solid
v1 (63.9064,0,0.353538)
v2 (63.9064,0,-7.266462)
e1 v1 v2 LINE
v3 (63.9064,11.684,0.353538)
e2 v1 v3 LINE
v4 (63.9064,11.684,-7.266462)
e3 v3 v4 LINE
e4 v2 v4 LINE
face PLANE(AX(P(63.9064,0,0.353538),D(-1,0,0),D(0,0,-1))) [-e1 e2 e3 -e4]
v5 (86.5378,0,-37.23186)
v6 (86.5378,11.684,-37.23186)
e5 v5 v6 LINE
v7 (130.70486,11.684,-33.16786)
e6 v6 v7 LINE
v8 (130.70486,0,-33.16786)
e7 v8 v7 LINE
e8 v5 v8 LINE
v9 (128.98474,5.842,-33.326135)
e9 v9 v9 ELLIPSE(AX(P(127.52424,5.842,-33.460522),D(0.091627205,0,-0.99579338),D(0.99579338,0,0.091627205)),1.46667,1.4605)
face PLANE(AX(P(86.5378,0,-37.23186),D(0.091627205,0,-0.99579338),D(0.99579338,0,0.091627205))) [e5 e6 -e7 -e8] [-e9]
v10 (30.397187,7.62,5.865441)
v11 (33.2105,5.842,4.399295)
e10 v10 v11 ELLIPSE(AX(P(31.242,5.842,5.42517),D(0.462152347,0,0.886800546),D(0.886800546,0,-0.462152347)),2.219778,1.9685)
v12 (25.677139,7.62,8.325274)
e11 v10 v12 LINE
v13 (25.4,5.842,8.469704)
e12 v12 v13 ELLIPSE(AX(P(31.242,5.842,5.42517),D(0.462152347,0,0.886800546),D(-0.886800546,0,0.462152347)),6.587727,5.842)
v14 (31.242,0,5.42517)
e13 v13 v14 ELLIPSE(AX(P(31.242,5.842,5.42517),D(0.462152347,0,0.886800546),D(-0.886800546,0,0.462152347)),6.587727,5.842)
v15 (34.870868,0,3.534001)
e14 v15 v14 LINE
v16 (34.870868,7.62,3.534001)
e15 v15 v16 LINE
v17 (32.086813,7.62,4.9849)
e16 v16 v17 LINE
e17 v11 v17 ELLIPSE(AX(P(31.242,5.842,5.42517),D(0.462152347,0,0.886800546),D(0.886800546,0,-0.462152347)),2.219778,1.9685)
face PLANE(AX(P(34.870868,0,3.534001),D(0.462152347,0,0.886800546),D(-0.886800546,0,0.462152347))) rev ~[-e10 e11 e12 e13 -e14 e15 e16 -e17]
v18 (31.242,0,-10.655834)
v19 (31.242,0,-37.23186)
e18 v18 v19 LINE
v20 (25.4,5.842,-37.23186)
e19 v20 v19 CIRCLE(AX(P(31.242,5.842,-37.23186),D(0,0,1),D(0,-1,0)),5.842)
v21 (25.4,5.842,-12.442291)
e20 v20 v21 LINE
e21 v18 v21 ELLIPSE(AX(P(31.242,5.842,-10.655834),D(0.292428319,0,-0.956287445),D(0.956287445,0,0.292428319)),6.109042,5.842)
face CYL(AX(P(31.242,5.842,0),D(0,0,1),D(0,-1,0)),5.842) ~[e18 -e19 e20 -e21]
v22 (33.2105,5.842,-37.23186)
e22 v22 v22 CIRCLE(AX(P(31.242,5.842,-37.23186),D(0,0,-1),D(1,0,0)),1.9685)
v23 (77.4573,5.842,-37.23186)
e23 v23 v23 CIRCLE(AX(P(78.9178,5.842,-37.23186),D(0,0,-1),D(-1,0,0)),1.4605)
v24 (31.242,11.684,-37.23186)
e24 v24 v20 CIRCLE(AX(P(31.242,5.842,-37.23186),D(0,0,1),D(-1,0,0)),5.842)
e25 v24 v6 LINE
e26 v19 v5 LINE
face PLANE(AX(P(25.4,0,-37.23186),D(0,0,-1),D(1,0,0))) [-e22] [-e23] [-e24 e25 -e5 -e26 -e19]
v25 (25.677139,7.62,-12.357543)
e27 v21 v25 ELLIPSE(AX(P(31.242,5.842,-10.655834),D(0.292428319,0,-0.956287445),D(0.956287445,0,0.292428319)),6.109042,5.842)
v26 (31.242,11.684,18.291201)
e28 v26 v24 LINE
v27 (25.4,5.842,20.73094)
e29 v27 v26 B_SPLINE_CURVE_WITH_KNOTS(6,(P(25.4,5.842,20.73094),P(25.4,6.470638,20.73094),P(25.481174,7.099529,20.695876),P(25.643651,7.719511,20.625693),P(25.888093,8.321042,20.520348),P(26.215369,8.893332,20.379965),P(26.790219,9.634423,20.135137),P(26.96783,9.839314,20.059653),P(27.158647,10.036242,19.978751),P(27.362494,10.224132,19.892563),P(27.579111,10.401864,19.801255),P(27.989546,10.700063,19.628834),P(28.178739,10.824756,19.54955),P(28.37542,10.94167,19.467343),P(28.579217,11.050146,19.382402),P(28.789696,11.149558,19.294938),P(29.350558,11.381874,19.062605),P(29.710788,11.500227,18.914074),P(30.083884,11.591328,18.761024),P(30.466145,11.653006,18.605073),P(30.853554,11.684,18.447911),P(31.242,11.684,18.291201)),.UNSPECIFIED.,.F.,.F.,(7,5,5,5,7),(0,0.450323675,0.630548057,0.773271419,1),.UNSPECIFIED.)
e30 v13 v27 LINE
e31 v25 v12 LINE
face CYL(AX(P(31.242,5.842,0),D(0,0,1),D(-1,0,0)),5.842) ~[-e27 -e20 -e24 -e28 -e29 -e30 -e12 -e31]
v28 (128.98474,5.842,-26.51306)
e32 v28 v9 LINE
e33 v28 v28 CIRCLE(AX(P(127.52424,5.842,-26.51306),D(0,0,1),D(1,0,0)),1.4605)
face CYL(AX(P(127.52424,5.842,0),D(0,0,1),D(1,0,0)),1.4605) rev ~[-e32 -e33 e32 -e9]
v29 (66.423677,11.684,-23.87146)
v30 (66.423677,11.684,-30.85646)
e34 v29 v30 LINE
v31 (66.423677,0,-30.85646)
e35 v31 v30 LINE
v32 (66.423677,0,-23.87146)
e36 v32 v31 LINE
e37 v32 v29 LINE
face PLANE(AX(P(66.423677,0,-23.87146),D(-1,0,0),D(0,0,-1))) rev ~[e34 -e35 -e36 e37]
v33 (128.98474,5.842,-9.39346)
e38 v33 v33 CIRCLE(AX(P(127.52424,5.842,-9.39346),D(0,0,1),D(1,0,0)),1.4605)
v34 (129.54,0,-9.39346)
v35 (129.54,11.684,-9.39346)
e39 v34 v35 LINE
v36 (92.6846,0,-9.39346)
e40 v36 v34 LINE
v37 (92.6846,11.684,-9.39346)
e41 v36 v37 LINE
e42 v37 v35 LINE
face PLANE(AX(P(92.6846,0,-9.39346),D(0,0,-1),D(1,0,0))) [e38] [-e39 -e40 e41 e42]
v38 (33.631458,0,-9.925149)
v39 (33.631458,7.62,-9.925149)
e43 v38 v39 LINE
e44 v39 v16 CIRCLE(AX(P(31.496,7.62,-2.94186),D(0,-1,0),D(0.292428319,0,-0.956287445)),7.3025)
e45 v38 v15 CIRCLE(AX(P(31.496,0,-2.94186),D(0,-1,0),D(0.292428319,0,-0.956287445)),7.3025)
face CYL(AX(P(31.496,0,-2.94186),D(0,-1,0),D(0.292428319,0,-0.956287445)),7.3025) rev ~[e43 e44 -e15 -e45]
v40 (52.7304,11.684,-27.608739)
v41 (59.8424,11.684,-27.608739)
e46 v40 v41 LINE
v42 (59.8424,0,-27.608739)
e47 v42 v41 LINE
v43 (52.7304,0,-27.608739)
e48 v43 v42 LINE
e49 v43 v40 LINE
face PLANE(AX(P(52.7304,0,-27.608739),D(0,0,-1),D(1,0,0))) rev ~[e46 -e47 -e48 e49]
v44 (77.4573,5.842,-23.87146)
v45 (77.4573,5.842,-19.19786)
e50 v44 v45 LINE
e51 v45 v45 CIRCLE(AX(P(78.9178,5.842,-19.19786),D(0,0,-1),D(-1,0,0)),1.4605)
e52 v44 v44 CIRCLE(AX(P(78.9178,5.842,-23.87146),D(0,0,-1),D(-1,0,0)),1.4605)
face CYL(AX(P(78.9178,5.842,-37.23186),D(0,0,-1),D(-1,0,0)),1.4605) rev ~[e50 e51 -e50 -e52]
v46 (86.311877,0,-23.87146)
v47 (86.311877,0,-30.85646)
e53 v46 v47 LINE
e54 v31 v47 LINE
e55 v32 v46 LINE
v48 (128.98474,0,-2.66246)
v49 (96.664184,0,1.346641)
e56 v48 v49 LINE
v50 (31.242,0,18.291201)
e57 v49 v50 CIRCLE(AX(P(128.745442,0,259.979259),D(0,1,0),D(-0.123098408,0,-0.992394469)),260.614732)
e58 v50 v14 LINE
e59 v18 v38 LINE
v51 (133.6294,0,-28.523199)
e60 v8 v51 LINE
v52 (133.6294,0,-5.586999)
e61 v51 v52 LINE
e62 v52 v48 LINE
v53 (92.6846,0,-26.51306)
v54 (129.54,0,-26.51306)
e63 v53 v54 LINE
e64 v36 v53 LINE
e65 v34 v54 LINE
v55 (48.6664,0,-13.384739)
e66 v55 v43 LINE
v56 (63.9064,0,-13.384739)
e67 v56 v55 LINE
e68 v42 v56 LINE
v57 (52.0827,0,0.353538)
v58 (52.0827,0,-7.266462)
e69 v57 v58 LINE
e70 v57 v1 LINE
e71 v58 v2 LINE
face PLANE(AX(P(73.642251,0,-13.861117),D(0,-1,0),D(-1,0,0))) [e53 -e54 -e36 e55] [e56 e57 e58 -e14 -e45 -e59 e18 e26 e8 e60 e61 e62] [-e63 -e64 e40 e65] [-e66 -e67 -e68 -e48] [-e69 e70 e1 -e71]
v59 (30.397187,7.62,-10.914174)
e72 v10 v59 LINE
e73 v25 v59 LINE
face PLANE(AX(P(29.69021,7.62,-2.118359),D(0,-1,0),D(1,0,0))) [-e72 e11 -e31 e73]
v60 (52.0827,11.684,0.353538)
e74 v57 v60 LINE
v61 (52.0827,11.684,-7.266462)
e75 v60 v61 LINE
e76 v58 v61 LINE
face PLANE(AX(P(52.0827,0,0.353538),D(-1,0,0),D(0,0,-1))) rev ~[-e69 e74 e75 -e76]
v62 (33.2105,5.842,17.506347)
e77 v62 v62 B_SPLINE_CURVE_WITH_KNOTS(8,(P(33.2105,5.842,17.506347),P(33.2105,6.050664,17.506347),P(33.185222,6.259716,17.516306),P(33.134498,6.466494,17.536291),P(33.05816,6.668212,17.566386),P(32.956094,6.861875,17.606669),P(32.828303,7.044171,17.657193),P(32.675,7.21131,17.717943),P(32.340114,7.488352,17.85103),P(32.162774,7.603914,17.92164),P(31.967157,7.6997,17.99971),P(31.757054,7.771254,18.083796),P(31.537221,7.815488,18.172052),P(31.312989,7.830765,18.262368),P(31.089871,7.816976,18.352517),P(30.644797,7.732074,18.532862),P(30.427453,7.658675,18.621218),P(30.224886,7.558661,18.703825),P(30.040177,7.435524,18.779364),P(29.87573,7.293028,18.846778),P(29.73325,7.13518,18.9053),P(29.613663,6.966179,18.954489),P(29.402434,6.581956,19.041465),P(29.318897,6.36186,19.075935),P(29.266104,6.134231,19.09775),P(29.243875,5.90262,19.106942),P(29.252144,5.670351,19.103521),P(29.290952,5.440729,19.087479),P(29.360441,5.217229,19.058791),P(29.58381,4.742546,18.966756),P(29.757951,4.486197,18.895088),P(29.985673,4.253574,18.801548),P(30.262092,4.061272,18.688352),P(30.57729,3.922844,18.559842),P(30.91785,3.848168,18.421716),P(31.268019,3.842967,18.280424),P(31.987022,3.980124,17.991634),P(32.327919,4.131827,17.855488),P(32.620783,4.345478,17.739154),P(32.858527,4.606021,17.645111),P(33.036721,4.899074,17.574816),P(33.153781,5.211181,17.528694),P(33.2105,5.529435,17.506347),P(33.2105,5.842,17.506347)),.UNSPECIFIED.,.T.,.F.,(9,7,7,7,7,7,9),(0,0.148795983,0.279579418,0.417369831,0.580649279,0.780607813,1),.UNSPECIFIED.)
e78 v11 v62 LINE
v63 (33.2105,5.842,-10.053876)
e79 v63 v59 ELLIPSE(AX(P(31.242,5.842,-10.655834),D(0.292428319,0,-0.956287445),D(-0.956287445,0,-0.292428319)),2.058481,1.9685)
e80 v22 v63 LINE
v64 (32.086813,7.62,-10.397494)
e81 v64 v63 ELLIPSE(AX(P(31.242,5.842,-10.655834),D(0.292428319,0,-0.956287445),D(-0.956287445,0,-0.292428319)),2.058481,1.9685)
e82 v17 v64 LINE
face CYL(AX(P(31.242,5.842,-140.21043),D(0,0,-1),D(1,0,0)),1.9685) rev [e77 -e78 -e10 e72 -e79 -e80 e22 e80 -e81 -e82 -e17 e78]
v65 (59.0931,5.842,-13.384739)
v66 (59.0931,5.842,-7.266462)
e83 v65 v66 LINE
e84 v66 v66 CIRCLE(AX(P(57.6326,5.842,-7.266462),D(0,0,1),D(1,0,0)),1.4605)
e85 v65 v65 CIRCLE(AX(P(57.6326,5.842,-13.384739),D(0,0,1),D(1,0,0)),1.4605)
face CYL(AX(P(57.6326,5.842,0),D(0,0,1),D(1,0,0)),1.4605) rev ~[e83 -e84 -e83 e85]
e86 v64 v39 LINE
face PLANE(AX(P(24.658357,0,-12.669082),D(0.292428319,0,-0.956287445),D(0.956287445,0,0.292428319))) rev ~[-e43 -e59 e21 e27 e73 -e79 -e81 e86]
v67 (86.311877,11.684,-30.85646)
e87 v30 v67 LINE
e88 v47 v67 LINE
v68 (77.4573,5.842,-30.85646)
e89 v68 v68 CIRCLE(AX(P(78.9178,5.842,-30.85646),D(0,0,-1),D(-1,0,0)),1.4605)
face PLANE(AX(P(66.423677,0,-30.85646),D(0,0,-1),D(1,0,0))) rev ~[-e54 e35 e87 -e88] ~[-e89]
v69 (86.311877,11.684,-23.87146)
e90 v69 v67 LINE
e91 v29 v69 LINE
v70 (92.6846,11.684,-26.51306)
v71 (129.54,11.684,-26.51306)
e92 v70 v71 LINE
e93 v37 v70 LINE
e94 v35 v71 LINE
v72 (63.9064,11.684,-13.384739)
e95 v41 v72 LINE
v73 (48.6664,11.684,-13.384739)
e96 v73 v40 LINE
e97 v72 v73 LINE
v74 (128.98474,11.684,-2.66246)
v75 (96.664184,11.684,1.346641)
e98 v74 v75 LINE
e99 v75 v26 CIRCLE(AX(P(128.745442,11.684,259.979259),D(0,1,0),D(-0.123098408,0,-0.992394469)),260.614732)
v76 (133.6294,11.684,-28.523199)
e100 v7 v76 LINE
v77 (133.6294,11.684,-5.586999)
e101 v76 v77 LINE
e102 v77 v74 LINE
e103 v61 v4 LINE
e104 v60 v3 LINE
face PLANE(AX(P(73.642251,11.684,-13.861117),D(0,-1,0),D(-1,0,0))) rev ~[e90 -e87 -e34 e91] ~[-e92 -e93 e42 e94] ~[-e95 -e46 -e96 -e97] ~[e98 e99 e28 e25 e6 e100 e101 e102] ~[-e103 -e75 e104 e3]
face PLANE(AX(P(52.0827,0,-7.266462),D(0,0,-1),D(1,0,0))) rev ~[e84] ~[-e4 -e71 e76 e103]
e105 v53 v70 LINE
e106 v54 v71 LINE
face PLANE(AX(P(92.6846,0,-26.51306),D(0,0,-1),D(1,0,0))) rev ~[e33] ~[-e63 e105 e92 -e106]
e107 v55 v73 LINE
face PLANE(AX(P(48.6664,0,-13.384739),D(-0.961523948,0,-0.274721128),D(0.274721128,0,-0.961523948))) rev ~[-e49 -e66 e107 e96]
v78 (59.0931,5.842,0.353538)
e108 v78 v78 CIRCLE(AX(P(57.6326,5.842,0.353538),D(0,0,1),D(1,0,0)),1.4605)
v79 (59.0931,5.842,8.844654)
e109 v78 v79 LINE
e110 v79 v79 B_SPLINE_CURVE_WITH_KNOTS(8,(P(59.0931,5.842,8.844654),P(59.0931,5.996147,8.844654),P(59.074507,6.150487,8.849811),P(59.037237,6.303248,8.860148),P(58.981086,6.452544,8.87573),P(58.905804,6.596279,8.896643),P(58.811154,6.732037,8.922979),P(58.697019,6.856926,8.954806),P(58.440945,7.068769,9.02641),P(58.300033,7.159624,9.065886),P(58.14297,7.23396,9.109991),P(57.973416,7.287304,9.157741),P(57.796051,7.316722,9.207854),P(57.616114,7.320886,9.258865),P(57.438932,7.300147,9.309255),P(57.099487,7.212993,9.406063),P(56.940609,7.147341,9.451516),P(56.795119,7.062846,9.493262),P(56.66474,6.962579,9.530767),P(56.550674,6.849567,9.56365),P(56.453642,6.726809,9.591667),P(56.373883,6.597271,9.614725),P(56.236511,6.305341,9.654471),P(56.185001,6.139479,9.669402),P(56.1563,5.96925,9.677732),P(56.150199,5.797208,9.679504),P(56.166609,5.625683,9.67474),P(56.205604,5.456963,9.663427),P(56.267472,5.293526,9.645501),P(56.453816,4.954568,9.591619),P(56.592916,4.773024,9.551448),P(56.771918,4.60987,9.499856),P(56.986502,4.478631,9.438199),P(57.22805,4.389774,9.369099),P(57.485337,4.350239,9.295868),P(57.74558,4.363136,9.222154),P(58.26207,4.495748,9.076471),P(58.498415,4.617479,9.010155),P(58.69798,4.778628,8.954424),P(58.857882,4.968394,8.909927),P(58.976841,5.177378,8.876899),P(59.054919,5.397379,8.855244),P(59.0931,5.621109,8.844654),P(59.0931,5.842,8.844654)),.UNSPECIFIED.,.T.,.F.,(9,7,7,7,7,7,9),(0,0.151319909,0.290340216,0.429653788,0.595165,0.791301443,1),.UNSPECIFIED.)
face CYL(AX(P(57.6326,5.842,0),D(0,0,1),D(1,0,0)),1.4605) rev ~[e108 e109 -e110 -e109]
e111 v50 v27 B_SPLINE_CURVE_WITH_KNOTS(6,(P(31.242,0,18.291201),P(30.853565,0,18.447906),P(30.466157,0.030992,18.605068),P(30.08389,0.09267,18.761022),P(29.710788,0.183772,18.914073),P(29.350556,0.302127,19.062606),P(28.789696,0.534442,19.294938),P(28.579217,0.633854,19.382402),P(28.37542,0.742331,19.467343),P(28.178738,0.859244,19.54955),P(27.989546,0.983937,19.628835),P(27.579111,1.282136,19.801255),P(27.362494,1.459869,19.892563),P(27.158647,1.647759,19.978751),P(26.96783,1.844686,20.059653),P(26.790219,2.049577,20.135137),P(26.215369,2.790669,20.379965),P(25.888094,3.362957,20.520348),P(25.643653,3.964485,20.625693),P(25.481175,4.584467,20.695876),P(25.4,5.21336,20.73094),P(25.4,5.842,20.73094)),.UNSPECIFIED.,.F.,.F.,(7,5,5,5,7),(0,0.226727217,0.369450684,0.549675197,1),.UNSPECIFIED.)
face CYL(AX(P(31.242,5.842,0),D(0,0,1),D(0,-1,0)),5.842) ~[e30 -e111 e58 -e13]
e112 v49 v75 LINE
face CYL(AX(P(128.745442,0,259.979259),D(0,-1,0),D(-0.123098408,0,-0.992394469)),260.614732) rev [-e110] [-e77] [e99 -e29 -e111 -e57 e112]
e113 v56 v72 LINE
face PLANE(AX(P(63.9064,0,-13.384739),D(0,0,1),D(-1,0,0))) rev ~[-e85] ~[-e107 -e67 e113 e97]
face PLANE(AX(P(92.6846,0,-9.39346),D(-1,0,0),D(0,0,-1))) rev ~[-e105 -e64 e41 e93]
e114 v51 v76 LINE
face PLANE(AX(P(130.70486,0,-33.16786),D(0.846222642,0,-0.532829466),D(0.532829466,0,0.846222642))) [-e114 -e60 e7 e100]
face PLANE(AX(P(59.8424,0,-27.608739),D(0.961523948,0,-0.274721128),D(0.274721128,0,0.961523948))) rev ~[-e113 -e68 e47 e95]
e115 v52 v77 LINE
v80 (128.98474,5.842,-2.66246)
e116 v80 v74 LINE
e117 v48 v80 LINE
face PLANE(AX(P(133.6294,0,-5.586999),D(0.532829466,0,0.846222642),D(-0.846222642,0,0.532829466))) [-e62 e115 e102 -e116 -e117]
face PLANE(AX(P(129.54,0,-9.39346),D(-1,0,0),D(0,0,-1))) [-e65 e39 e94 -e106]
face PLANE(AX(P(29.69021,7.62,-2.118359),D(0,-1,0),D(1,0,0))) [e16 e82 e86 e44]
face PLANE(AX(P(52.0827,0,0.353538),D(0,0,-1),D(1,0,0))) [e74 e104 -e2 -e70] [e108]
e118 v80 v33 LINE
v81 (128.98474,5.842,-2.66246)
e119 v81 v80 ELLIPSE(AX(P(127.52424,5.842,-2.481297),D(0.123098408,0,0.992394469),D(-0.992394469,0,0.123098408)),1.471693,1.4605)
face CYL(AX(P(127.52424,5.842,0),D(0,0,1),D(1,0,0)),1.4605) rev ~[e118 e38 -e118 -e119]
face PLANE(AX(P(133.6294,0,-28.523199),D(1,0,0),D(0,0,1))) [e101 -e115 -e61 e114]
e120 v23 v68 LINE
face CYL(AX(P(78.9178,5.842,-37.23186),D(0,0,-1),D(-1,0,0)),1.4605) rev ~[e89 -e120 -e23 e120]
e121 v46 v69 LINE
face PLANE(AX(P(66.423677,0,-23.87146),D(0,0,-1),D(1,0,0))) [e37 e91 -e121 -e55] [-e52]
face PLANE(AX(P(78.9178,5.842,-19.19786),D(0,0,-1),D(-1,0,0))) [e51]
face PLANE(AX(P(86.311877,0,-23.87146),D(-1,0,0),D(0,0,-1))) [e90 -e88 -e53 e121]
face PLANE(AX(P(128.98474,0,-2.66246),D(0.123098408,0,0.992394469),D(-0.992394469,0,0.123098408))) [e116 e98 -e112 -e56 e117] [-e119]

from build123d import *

# Parameters (mm, degrees)
SKETCH1_W                = 36.8554
SKETCH1_H                = 17.1196
SKETCH1_W_2              = 19.8882
SKETCH1_H_2              = 6.985
SKETCH1_W_3              = 11.8237
SKETCH1_H_3              = 7.62
BOSS_EXTRUDE1_DEPTH      = 11.684
BOSS_EXTRUDE1_2_DEPTH    = 11.684
SKETCH3_R                = 1.4605
CUT_EXTRUDE8_DEPTH       = 140.210429827
SKETCH4_R                = 1.4605
CUT_EXTRUDE9_DEPTH       = 18.034
CUT_EXTRUDE11_DEPTH      = 38.1
SKETCH6_R                = 1.4605
CUT_EXTRUDE12_DEPTH      = 16.3195
CUT_EXTRUDE13_DEPTH      = 140.210429862
CUT_EXTRUDE13_DEPTH_BACK = 140.210429862
SKETCH7_R                = 1.9685
CUT_EXTRUDE14_DEPTH      = 7.62


with BuildPart() as part:
    # Sketch1 → Boss-Extrude1 (new body)
    with BuildSketch(Plane(origin=(0, 0, 0), x_dir=(1, 0, 0), z_dir=(0, 1, 0))):
        with BuildLine():
            Line((-25.4, 37.231859639), (-67.6656, 37.231859639))
            Line((-67.6656, 37.231859639), (-86.5378, 37.231859639))
            Line((-86.5378, 37.231859639), (-130.704860186, 33.167859639))
            Line((-130.704860186, 33.167859639), (-133.6294, 28.523199453))
            Line((-133.6294, 28.523199453), (-133.6294, 5.586999453))
            Line((-133.6294, 5.586999453), (-128.984739814, 2.662459639))
            Line((-128.984739814, 2.662459639), (-96.664183529, -1.34664073))
            ThreePointArc((-96.664183529, -1.34664073), (-60.341965715, -8.501620237), (-25.4, -20.730940361))
            Line((-25.4, -20.730940361), (-25.4, 37.231859639))
        make_face()
        with Locations((-111.1123, 17.953259639)):
            Rectangle(SKETCH1_W, SKETCH1_H, mode=Mode.SUBTRACT)
        with Locations((-76.367777447, 27.363959639)):
            Rectangle(SKETCH1_W_2, SKETCH1_H_2, mode=Mode.SUBTRACT)
        with Locations((-57.99455, 3.456462042)):
            Rectangle(SKETCH1_W_3, SKETCH1_H_3, mode=Mode.SUBTRACT)
        Polygon((-63.9064, 13.384739375), (-48.6664, 13.384739375), (-52.7304, 27.608739375), (-59.8424, 27.608739375), align=None, mode=Mode.SUBTRACT)
    extrude(amount=BOSS_EXTRUDE1_DEPTH)


with BuildPart() as body_2:
    # Sketch1 → Boss-Extrude1 2 (new body)
    with BuildSketch(Plane(origin=(0, 0, 0), x_dir=(1, 0, 0), z_dir=(0, 1, 0))):
        with BuildLine():
            Line((25.4, -20.730940361), (25.4, 37.231859639))
            Line((25.4, 37.231859639), (67.6656, 37.231859639))
            Line((67.6656, 37.231859639), (86.5378, 37.231859639))
            Line((86.5378, 37.231859639), (130.704860186, 33.167859639))
            Line((130.704860186, 33.167859639), (133.6294, 28.523199453))
            Line((133.6294, 28.523199453), (133.6294, 5.586999453))
            Line((133.6294, 5.586999453), (128.984739814, 2.662459639))
            Line((128.984739814, 2.662459639), (96.664183529, -1.34664073))
            ThreePointArc((96.664183529, -1.34664073), (60.341965715, -8.501620237), (25.4, -20.730940361))
        make_face()
        Polygon((59.8424, 27.608739375), (63.9064, 13.384739375), (48.6664, 13.384739375), (52.7304, 27.608739375), align=None, mode=Mode.SUBTRACT)
        with Locations((57.99455, 3.456462042)):
            Rectangle(SKETCH1_W_3, SKETCH1_H_3, mode=Mode.SUBTRACT)
        with Locations((76.367777447, 27.363959639)):
            Rectangle(SKETCH1_W_2, SKETCH1_H_2, mode=Mode.SUBTRACT)
        with Locations((111.1123, 17.953259639)):
            Rectangle(SKETCH1_W, SKETCH1_H, mode=Mode.SUBTRACT)
    extrude(amount=BOSS_EXTRUDE1_2_DEPTH)


with BuildPart() as cut_extrude8_tool:
    # Sketch3 → Cut-Extrude8 (new, through all)
    with BuildSketch(Plane.XY):
        with Locations((-127.524239814, 5.842)):
            Circle(SKETCH3_R)
        with Locations((127.524239814, 5.842)):
            Circle(SKETCH3_R)
    extrude(amount=-CUT_EXTRUDE8_DEPTH)


with BuildPart() as part_1:
    add(part.part)

    # Cut-Extrude8: cut by cut_extrude8_tool
    add(cut_extrude8_tool.part, mode=Mode.SUBTRACT)


with BuildPart() as body_2_1:
    add(body_2.part)

    # Cut-Extrude8: cut by cut_extrude8_tool
    add(cut_extrude8_tool.part, mode=Mode.SUBTRACT)


with BuildPart() as cut_extrude9_tool:
    # Sketch4 → Cut-Extrude9 (new body)
    with BuildSketch(Plane(origin=(0, 0, -37.231859639), x_dir=(-1, 0, 0), z_dir=(0, 0, -1))):
        with Locations((78.9178, 5.842)):
            Circle(SKETCH4_R)
        with Locations((-78.9178, 5.842)):
            Circle(SKETCH4_R)
    extrude(amount=-CUT_EXTRUDE9_DEPTH)


with BuildPart() as part_2:
    add(part_1.part)

    # Cut-Extrude9: cut by cut_extrude9_tool
    add(cut_extrude9_tool.part, mode=Mode.SUBTRACT)


with BuildPart() as body_2_2:
    add(body_2_1.part)

    # Cut-Extrude9: cut by cut_extrude9_tool
    add(cut_extrude9_tool.part, mode=Mode.SUBTRACT)

    # Sketch2 → Cut-Extrude11 (cut, symmetric)
    with BuildSketch(Plane.XY):
        with BuildLine():
            Line((25.4, 5.842), (25.4, 0))
            Line((25.4, 0), (31.242, 0))
            ThreePointArc((31.242, 0), (27.111082184, 1.711082184), (25.4, 5.842))
        make_face()
        with BuildLine():
            Line((25.4, 11.684), (25.4, 5.842))
            ThreePointArc((25.4, 5.842), (27.111082184, 9.972917816), (31.242, 11.684))
            Line((31.242, 11.684), (25.4, 11.684))
        make_face()
    extrude(amount=CUT_EXTRUDE11_DEPTH, both=True, mode=Mode.SUBTRACT)

    # Sketch6 → Cut-Extrude12 (cut, symmetric)
    with BuildSketch(Plane.XY):
        with Locations((57.6326, 5.842)):
            Circle(SKETCH6_R)
    extrude(amount=CUT_EXTRUDE12_DEPTH, both=True, mode=Mode.SUBTRACT)

    # Sketch7 → Cut-Extrude13 (cut, two sides: drawn at the far end of the back side and taken through both)
    with BuildSketch(Plane.XY.offset(-CUT_EXTRUDE13_DEPTH_BACK)):
        with Locations((31.242, 5.842)):
            Circle(SKETCH7_R)
    extrude(amount=CUT_EXTRUDE13_DEPTH + CUT_EXTRUDE13_DEPTH_BACK, mode=Mode.SUBTRACT)

    # Sketch8 → Cut-Extrude14 (cut)
    with BuildSketch(Plane.XZ):
        with BuildLine():
            Line((34.870867511, 3.534001348), (24.218880791, 9.085239089))
            Line((24.218880791, 9.085239089), (24.658356534, -12.669081964))
            Line((24.658356534, -12.669081964), (33.631457802, -9.925148709))
            ThreePointArc((33.631457802, -9.925148709), (38.767733035, -3.611490076), (34.870867511, 3.534001348))
        make_face()
    extrude(amount=-CUT_EXTRUDE14_DEPTH, mode=Mode.SUBTRACT)


solid = body_2_2.part
